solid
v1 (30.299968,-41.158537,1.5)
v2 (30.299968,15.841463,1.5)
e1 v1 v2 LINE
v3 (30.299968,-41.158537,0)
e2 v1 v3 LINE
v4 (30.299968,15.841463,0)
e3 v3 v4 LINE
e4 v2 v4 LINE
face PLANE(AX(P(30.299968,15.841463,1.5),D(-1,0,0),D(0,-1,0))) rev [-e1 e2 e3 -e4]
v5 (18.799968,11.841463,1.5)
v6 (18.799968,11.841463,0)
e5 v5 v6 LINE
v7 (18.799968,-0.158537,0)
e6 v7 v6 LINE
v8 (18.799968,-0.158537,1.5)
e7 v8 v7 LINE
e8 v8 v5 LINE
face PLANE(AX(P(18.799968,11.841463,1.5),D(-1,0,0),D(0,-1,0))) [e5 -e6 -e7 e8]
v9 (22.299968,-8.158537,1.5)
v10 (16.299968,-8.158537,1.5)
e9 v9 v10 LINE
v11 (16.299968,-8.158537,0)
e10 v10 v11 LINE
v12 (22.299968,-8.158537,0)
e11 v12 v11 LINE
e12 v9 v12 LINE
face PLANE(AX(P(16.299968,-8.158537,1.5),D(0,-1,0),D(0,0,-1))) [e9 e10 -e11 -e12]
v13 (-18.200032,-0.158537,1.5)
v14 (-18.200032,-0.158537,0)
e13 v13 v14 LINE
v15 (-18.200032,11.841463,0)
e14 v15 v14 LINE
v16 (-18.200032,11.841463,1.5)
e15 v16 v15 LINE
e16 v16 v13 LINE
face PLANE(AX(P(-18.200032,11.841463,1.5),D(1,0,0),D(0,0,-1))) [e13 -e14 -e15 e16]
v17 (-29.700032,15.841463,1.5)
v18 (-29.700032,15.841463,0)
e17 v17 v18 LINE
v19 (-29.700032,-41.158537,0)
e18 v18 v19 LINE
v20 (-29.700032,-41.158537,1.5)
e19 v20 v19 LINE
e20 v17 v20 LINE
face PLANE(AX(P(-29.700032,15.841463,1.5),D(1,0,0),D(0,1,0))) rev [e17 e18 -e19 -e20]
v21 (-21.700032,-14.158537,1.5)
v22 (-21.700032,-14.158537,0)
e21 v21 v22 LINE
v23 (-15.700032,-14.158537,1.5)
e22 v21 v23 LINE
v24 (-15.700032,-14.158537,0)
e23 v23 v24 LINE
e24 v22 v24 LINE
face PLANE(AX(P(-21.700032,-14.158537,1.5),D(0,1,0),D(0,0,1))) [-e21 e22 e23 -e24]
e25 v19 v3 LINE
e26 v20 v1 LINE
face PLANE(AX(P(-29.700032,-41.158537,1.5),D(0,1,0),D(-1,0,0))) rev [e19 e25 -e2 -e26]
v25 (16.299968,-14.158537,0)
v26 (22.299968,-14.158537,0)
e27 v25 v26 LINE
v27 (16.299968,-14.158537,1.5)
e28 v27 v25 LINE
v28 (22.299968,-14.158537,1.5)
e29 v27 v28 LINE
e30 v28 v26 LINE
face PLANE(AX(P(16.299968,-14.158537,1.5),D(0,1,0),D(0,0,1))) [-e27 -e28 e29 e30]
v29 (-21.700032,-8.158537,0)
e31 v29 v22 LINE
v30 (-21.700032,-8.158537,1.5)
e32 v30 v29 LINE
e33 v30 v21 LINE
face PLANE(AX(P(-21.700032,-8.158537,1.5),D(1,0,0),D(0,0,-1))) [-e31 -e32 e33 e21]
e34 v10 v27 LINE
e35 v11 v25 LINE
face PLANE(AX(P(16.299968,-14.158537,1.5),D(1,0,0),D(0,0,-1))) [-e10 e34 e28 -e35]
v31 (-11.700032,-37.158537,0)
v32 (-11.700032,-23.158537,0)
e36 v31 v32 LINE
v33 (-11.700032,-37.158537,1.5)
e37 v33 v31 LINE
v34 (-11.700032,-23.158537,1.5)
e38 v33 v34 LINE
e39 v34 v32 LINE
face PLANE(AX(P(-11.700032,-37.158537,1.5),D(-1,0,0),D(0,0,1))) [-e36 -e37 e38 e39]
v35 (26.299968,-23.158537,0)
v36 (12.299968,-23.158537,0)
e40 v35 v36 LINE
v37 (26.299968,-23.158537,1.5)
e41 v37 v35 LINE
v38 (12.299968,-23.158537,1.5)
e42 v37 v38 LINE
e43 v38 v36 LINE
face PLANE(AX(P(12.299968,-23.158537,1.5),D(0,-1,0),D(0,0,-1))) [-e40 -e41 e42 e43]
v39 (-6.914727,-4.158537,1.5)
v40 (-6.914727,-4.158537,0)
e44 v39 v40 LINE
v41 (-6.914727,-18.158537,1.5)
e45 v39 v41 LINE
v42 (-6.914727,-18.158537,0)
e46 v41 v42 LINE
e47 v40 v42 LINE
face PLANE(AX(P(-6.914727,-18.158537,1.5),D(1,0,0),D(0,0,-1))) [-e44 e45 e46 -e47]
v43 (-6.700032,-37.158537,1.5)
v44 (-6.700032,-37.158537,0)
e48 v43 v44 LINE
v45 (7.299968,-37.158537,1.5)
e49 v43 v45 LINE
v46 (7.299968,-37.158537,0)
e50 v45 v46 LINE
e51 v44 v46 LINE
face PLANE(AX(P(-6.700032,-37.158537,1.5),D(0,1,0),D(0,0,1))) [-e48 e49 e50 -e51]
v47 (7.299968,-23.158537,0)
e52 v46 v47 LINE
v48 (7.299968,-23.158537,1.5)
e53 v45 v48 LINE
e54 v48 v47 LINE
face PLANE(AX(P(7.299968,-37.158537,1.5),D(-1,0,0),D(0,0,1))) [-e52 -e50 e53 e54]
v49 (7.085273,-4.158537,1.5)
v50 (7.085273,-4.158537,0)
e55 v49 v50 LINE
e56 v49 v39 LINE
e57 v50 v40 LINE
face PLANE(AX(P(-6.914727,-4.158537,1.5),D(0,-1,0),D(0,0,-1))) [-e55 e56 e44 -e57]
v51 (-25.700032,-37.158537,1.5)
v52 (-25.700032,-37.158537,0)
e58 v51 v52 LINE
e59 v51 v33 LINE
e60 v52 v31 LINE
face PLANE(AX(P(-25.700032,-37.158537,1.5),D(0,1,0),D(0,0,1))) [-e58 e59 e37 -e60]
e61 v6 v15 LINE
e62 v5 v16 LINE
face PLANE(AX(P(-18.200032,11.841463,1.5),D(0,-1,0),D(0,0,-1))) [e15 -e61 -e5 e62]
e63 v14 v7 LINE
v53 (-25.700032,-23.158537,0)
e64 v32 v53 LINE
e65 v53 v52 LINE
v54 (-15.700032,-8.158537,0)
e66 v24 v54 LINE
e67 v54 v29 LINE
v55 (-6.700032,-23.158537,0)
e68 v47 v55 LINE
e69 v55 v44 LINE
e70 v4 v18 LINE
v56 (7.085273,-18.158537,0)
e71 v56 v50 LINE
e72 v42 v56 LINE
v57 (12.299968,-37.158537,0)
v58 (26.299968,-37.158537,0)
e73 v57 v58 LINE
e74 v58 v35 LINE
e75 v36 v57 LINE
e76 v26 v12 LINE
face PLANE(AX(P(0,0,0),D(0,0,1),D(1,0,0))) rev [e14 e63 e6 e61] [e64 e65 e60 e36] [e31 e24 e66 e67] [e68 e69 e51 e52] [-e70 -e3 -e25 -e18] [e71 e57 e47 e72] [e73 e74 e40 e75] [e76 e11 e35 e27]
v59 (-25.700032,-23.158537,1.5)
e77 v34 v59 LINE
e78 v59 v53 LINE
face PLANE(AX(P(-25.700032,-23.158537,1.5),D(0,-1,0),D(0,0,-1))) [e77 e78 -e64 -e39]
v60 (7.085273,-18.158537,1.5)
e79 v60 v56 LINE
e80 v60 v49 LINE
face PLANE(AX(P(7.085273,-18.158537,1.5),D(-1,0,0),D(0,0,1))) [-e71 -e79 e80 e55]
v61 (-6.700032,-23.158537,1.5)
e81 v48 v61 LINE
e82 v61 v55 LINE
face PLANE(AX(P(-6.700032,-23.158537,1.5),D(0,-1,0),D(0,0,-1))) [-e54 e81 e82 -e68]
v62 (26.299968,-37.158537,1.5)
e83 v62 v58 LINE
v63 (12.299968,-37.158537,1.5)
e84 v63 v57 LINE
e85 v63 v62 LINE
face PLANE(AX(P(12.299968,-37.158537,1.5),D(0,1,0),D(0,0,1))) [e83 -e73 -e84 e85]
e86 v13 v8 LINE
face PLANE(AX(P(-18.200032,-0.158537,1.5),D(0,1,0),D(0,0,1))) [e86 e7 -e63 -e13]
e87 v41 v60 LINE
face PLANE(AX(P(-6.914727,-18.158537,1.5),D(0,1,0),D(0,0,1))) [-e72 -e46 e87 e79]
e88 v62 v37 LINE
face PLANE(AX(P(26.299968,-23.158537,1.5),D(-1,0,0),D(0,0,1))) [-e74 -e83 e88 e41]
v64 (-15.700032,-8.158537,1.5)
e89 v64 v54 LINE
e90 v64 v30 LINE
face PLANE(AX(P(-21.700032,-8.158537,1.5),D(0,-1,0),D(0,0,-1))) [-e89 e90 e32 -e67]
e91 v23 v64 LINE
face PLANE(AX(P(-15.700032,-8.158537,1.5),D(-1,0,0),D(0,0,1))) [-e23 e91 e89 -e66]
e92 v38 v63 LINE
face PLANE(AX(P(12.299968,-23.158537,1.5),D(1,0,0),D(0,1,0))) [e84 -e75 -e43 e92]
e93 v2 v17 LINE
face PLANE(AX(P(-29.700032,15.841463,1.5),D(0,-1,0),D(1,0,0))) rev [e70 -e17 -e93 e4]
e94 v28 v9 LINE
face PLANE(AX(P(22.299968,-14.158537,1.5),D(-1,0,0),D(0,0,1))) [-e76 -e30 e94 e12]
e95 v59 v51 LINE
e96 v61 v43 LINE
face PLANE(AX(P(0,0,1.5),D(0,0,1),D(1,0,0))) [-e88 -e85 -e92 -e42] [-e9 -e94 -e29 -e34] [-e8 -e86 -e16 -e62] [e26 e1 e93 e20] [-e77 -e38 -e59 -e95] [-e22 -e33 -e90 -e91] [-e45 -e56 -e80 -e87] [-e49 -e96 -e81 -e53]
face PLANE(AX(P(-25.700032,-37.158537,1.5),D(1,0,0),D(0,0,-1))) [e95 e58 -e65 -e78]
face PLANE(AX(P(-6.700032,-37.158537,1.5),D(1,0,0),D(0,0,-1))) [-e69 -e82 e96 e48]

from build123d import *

# Parameters (mm, degrees)
SKETCH1_W           = 60
SKETCH1_H           = 57
SKETCH1_W_2         = 14
SKETCH1_H_2         = 14
SKETCH1_W_3         = 37
SKETCH1_H_3         = 12
SKETCH1_W_4         = 6
SKETCH1_H_4         = 6
BOSS_EXTRUDE1_DEPTH = 1.5


with BuildPart() as part:
    # Sketch1 → Boss-Extrude1 (new body)
    with BuildSketch(Plane.XY):
        with Locations((0.299968287, -12.658536585)):
            Rectangle(SKETCH1_W, SKETCH1_H)
        with Locations((-18.700031713, -30.158536585)):
            Rectangle(SKETCH1_W_2, SKETCH1_H_2, mode=Mode.SUBTRACT)
        with Locations((0.299968287, -30.158536585)):
            Rectangle(SKETCH1_W_2, SKETCH1_H_2, mode=Mode.SUBTRACT)
        with Locations((19.299968287, -30.158536585)):
            Rectangle(SKETCH1_W_2, SKETCH1_H_2, mode=Mode.SUBTRACT)
        with Locations((0.085273165, -11.158536585)):
            Rectangle(SKETCH1_W_2, SKETCH1_H_2, mode=Mode.SUBTRACT)
        with Locations((0.299968287, 5.841463415)):
            Rectangle(SKETCH1_W_3, SKETCH1_H_3, mode=Mode.SUBTRACT)
        with Locations((-18.700031713, -11.158536585)):
            Rectangle(SKETCH1_W_4, SKETCH1_H_4, mode=Mode.SUBTRACT)
        with Locations((19.299968287, -11.158536585)):
            Rectangle(SKETCH1_W_4, SKETCH1_H_4, mode=Mode.SUBTRACT)
    extrude(amount=BOSS_EXTRUDE1_DEPTH)


solid = part.part
